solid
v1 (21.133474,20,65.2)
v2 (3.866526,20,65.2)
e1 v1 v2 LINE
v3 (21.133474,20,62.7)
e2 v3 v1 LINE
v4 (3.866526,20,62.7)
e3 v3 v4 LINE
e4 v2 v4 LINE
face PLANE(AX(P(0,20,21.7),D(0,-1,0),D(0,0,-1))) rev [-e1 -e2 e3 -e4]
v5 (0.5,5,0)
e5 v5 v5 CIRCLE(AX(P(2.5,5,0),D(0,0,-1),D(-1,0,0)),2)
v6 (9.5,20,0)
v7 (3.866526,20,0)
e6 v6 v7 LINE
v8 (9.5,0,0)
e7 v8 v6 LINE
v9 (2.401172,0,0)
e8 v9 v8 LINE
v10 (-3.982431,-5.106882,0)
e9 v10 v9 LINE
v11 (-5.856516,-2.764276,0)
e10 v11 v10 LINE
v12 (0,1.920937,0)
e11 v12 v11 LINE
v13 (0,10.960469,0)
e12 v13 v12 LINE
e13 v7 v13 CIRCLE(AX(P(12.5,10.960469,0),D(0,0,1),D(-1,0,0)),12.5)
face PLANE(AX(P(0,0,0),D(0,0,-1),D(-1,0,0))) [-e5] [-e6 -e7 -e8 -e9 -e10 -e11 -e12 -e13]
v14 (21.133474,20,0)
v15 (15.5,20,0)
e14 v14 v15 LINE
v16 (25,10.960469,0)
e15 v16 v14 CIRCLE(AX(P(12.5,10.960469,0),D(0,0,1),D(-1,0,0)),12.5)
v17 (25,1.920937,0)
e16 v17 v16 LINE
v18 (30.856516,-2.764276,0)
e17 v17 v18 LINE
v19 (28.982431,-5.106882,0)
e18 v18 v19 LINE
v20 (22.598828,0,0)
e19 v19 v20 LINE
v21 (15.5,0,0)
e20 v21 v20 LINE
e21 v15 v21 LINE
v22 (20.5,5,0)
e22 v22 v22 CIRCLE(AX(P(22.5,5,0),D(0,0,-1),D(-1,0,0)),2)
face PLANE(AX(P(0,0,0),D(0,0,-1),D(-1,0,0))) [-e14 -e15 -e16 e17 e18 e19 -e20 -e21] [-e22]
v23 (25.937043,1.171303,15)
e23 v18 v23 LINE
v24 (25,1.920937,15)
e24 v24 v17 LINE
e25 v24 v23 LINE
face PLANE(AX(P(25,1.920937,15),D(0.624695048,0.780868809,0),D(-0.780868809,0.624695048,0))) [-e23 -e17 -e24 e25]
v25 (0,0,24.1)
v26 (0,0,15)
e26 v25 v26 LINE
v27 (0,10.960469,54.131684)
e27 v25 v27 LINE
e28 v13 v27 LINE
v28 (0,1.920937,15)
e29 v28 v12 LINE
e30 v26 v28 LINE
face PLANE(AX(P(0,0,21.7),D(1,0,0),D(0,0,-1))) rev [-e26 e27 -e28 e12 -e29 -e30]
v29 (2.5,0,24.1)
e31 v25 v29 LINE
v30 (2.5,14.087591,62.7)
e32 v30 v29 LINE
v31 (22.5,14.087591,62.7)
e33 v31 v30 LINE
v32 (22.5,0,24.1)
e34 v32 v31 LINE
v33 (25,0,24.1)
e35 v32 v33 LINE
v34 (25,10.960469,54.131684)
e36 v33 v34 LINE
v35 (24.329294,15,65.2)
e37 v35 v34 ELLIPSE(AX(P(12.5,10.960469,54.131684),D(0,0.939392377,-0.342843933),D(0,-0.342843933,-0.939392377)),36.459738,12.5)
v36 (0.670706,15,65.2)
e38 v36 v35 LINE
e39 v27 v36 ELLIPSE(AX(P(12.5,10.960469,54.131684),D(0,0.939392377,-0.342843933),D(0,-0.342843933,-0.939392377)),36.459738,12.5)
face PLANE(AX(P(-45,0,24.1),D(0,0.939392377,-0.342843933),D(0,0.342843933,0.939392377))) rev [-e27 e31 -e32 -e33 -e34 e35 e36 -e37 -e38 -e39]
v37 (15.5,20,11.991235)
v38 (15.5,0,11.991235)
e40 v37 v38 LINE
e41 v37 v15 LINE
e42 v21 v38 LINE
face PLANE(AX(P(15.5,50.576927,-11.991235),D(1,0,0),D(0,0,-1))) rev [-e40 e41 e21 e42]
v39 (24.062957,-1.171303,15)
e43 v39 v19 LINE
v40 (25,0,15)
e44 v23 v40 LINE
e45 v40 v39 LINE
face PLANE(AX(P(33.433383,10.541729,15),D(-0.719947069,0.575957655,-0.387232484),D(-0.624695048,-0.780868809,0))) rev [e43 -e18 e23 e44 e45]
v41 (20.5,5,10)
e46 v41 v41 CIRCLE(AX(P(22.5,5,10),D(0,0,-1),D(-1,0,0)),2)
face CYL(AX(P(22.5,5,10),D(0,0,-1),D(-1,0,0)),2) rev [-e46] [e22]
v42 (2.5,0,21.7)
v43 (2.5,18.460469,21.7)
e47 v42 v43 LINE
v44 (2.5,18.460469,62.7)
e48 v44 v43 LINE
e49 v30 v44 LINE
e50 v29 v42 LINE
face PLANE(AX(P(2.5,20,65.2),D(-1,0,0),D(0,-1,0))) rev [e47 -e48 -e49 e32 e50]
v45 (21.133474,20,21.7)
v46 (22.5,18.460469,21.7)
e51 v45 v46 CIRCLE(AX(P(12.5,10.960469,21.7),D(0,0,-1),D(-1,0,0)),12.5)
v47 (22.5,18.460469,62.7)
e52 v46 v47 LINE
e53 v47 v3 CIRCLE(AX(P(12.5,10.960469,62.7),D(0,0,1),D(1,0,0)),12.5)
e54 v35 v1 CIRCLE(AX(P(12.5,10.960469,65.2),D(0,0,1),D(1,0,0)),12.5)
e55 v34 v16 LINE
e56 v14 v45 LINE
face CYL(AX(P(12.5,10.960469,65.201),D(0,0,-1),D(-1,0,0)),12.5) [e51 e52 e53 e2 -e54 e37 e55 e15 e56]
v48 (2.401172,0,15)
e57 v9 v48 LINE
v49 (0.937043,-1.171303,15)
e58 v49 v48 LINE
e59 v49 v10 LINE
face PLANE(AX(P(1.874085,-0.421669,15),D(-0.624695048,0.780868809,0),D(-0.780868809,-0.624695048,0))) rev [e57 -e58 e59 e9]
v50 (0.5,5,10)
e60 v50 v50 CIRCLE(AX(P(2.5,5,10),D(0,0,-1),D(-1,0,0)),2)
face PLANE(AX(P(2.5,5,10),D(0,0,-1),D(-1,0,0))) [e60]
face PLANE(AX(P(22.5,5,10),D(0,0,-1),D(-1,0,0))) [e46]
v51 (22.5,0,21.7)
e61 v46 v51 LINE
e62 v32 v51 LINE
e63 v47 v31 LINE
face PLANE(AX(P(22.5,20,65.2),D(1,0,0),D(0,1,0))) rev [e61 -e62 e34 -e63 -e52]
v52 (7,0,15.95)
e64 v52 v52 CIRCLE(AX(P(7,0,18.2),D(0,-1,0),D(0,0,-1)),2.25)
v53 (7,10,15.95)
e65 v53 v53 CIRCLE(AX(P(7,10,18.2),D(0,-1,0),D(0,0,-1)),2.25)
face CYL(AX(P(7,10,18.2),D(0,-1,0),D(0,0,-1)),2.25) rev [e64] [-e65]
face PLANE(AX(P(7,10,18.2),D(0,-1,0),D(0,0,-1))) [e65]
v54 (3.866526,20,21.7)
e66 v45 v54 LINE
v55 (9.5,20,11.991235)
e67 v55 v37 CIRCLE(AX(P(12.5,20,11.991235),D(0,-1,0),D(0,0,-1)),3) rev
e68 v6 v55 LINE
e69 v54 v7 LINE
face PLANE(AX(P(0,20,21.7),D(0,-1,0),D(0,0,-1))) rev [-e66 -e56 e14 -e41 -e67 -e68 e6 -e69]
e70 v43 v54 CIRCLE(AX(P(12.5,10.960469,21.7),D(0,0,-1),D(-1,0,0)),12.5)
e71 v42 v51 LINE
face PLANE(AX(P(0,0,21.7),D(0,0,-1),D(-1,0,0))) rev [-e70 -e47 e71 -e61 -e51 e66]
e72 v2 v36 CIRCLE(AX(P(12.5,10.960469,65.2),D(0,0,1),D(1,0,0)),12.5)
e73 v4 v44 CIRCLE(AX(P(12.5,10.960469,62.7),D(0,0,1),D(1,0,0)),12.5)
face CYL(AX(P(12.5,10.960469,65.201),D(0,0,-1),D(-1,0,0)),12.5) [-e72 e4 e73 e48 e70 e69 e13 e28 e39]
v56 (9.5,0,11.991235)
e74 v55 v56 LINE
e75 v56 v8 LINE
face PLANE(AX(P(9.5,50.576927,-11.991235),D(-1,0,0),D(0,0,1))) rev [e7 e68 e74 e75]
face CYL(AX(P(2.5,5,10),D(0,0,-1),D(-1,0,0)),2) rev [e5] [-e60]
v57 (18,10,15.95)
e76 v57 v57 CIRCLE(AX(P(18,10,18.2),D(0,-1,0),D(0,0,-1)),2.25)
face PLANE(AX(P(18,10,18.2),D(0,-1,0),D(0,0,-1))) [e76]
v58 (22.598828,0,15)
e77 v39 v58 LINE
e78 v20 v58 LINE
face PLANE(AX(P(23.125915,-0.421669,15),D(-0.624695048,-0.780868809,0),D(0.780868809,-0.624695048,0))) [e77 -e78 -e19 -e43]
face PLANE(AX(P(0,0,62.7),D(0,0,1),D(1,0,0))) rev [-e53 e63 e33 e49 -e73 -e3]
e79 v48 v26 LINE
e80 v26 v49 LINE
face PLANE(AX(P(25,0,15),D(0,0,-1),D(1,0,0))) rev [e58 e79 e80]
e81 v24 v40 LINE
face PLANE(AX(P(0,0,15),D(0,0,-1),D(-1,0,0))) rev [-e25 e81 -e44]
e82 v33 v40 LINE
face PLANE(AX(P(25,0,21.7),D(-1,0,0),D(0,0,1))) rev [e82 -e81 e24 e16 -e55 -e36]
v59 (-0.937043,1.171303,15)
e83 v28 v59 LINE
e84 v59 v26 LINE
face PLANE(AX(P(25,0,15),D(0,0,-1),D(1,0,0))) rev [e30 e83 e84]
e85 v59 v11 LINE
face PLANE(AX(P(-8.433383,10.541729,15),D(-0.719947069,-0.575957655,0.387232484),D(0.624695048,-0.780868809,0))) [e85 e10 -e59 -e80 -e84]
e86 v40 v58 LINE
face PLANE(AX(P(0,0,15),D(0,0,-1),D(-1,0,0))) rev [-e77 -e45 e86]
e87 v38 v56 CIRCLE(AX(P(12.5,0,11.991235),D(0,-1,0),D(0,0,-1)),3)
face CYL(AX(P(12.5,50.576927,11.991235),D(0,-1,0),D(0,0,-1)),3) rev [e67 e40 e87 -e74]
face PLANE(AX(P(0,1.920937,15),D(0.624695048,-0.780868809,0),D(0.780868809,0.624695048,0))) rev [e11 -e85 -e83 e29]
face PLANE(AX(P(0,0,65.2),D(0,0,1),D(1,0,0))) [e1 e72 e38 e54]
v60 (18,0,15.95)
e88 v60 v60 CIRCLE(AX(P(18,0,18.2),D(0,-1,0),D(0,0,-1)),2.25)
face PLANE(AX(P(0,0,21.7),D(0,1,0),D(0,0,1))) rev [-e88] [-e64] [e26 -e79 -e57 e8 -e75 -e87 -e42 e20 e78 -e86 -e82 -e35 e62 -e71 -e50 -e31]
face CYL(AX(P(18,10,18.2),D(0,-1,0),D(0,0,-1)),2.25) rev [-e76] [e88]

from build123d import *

# Parameters (mm, degrees)
CROQUIS1_W              = 25
CROQUIS1_H              = 20
SALIENTE_EXTRUIR1_DEPTH = 21.7
CROQUIS2_W              = 2.5
CROQUIS2_H              = 20
SALIENTE_EXTRUIR2_DEPTH = 43.5
CROQUIS3_W              = 25
CROQUIS3_H              = 20
SALIENTE_EXTRUIR3_DEPTH = 2.5
CROQUIS4_R              = 2.25
CORTAR_EXTRUIR1_DEPTH   = 10
CROQUIS6_R              = 2
CORTAR_EXTRUIR2_DEPTH   = 10
CORTAR_EXTRUIR4_DEPTH   = 70
SALIENTE_EXTRUIR5_DEPTH = 15
CORTAR_EXTRUIR5_DEPTH   = 15
CORTAR_EXTRUIR6_DEPTH   = 20
CORTAR_EXTRUIR7_START   = -65.2
CORTAR_EXTRUIR7_DEPTH   = 65.2


with BuildPart() as part:
    # Croquis1 → Saliente-Extruir1 (new body)
    with BuildSketch(Plane.XY):
        with Locations((12.5, 10)):
            Rectangle(CROQUIS1_W, CROQUIS1_H)
    extrude(amount=SALIENTE_EXTRUIR1_DEPTH)

    # Croquis2 → Saliente-Extruir2 (add)
    with BuildSketch(Plane.XY.offset(21.7)):
        with Locations((1.25, 10)):
            Rectangle(CROQUIS2_W, CROQUIS2_H)
        with Locations((23.75, 10)):
            Rectangle(CROQUIS2_W, CROQUIS2_H)
    extrude(amount=SALIENTE_EXTRUIR2_DEPTH)

    # Croquis3 → Saliente-Extruir3 (add)
    with BuildSketch(Plane.XY.offset(65.2)):
        with Locations((12.5, 10)):
            Rectangle(CROQUIS3_W, CROQUIS3_H)
    extrude(amount=-SALIENTE_EXTRUIR3_DEPTH)

    # Croquis4 → Cortar-Extruir1 (cut)
    with BuildSketch(Plane.XZ):
        with Locations(Location((7, 18.2, 0), (0, 0, 270))):
            Circle(CROQUIS4_R)
        with Locations(Location((18, 18.2, 0), (0, 0, 270))):
            Circle(CROQUIS4_R)
    extrude(amount=-CORTAR_EXTRUIR1_DEPTH, mode=Mode.SUBTRACT)

    # Croquis6 → Cortar-Extruir2 (cut)
    with BuildSketch(Plane(origin=(0, 0, 0), x_dir=(-1, 0, 0), z_dir=(0, 0, -1))):
        with Locations((-2.5, 5)):
            Circle(CROQUIS6_R)
        with Locations((-22.5, 5)):
            Circle(CROQUIS6_R)
    extrude(amount=-CORTAR_EXTRUIR2_DEPTH, mode=Mode.SUBTRACT)

    # Croquis10 → Cortar-Extruir4 (cut)
    with BuildSketch(Plane(origin=(25, 0, 0), x_dir=(0, 0, -1), z_dir=(1, 0, 0))):
        Polygon((-65.2, 0), (-24.1, 0), (-65.2, 15), align=None)
    extrude(amount=-CORTAR_EXTRUIR4_DEPTH, mode=Mode.SUBTRACT)

    # Croquis11 → Saliente-Extruir5 (add)
    with BuildSketch(Plane(origin=(0, 0, 0), x_dir=(-1, 0, 0), z_dir=(0, 0, -1))):
        Polygon((-25, 1.920937271), (-30.856516071, -2.764275585), (-28.982430928, -5.106882014), (-23.125914857, -0.421669157), (-21.632203551, 0.773299888), align=None)
    saliente_extruir5 = extrude(amount=-SALIENTE_EXTRUIR5_DEPTH)

    # Croquis12 → Cortar-Extruir5 (cut)
    with BuildSketch(Plane(origin=(8.81905499, 11.023818737, 0), x_dir=(0.7808688094430302, -0.6246950475544245, 0), z_dir=(-0.6246950475544245, -0.7808688094430302, 0))):
        Polygon((19.521720236, 15), (25.821720236, 0), (25.821720236, 15), align=None)
    cortar_extruir5 = extrude(amount=-CORTAR_EXTRUIR5_DEPTH, mode=Mode.SUBTRACT)

    # Simetría1: Saliente-Extruir5, Cortar-Extruir5 across plane
    add(saliente_extruir5.mirror(Plane(origin=(12.5, 0, 0), x_dir=(0, 0, 1), z_dir=(1, 0, 0))))
    add(cortar_extruir5.mirror(Plane(origin=(12.5, 0, 0), x_dir=(0, 0, 1), z_dir=(1, 0, 0))), mode=Mode.SUBTRACT)

    # Croquis13 → Cortar-Extruir6 (cut)
    with BuildSketch(Plane.XZ):
        with BuildLine():
            Line((9.5, -11.99123488), (9.5, 11.99123488))
            ThreePointArc((9.5, 11.99123488), (12.5, 14.99123488), (15.5, 11.99123488))
            Line((15.5, 11.99123488), (15.5, -11.99123488))
            ThreePointArc((15.5, -11.99123488), (12.5, -14.99123488), (9.5, -11.99123488))
        make_face()
    extrude(amount=-CORTAR_EXTRUIR6_DEPTH, mode=Mode.SUBTRACT)

    # Croquis14 → Cortar-Extruir7 (cut)
    with BuildSketch(Plane(origin=(0, 0, 0), x_dir=(-1, 0, 0), z_dir=(0, 0, -1)).offset(CORTAR_EXTRUIR7_START)):
        with BuildLine():
            Line((-25, 10.960468636), (-27.59046433, 24.120971106))
            Line((-27.59046433, 24.120971106), (2.993644675, 24.120971106))
            Line((2.993644675, 24.120971106), (0, 10.960468636))
            ThreePointArc((0, 10.960468636), (-12.5, 23.460468636), (-25, 10.960468636))
        make_face()
    extrude(amount=CORTAR_EXTRUIR7_DEPTH, mode=Mode.SUBTRACT)


solid = part.part
